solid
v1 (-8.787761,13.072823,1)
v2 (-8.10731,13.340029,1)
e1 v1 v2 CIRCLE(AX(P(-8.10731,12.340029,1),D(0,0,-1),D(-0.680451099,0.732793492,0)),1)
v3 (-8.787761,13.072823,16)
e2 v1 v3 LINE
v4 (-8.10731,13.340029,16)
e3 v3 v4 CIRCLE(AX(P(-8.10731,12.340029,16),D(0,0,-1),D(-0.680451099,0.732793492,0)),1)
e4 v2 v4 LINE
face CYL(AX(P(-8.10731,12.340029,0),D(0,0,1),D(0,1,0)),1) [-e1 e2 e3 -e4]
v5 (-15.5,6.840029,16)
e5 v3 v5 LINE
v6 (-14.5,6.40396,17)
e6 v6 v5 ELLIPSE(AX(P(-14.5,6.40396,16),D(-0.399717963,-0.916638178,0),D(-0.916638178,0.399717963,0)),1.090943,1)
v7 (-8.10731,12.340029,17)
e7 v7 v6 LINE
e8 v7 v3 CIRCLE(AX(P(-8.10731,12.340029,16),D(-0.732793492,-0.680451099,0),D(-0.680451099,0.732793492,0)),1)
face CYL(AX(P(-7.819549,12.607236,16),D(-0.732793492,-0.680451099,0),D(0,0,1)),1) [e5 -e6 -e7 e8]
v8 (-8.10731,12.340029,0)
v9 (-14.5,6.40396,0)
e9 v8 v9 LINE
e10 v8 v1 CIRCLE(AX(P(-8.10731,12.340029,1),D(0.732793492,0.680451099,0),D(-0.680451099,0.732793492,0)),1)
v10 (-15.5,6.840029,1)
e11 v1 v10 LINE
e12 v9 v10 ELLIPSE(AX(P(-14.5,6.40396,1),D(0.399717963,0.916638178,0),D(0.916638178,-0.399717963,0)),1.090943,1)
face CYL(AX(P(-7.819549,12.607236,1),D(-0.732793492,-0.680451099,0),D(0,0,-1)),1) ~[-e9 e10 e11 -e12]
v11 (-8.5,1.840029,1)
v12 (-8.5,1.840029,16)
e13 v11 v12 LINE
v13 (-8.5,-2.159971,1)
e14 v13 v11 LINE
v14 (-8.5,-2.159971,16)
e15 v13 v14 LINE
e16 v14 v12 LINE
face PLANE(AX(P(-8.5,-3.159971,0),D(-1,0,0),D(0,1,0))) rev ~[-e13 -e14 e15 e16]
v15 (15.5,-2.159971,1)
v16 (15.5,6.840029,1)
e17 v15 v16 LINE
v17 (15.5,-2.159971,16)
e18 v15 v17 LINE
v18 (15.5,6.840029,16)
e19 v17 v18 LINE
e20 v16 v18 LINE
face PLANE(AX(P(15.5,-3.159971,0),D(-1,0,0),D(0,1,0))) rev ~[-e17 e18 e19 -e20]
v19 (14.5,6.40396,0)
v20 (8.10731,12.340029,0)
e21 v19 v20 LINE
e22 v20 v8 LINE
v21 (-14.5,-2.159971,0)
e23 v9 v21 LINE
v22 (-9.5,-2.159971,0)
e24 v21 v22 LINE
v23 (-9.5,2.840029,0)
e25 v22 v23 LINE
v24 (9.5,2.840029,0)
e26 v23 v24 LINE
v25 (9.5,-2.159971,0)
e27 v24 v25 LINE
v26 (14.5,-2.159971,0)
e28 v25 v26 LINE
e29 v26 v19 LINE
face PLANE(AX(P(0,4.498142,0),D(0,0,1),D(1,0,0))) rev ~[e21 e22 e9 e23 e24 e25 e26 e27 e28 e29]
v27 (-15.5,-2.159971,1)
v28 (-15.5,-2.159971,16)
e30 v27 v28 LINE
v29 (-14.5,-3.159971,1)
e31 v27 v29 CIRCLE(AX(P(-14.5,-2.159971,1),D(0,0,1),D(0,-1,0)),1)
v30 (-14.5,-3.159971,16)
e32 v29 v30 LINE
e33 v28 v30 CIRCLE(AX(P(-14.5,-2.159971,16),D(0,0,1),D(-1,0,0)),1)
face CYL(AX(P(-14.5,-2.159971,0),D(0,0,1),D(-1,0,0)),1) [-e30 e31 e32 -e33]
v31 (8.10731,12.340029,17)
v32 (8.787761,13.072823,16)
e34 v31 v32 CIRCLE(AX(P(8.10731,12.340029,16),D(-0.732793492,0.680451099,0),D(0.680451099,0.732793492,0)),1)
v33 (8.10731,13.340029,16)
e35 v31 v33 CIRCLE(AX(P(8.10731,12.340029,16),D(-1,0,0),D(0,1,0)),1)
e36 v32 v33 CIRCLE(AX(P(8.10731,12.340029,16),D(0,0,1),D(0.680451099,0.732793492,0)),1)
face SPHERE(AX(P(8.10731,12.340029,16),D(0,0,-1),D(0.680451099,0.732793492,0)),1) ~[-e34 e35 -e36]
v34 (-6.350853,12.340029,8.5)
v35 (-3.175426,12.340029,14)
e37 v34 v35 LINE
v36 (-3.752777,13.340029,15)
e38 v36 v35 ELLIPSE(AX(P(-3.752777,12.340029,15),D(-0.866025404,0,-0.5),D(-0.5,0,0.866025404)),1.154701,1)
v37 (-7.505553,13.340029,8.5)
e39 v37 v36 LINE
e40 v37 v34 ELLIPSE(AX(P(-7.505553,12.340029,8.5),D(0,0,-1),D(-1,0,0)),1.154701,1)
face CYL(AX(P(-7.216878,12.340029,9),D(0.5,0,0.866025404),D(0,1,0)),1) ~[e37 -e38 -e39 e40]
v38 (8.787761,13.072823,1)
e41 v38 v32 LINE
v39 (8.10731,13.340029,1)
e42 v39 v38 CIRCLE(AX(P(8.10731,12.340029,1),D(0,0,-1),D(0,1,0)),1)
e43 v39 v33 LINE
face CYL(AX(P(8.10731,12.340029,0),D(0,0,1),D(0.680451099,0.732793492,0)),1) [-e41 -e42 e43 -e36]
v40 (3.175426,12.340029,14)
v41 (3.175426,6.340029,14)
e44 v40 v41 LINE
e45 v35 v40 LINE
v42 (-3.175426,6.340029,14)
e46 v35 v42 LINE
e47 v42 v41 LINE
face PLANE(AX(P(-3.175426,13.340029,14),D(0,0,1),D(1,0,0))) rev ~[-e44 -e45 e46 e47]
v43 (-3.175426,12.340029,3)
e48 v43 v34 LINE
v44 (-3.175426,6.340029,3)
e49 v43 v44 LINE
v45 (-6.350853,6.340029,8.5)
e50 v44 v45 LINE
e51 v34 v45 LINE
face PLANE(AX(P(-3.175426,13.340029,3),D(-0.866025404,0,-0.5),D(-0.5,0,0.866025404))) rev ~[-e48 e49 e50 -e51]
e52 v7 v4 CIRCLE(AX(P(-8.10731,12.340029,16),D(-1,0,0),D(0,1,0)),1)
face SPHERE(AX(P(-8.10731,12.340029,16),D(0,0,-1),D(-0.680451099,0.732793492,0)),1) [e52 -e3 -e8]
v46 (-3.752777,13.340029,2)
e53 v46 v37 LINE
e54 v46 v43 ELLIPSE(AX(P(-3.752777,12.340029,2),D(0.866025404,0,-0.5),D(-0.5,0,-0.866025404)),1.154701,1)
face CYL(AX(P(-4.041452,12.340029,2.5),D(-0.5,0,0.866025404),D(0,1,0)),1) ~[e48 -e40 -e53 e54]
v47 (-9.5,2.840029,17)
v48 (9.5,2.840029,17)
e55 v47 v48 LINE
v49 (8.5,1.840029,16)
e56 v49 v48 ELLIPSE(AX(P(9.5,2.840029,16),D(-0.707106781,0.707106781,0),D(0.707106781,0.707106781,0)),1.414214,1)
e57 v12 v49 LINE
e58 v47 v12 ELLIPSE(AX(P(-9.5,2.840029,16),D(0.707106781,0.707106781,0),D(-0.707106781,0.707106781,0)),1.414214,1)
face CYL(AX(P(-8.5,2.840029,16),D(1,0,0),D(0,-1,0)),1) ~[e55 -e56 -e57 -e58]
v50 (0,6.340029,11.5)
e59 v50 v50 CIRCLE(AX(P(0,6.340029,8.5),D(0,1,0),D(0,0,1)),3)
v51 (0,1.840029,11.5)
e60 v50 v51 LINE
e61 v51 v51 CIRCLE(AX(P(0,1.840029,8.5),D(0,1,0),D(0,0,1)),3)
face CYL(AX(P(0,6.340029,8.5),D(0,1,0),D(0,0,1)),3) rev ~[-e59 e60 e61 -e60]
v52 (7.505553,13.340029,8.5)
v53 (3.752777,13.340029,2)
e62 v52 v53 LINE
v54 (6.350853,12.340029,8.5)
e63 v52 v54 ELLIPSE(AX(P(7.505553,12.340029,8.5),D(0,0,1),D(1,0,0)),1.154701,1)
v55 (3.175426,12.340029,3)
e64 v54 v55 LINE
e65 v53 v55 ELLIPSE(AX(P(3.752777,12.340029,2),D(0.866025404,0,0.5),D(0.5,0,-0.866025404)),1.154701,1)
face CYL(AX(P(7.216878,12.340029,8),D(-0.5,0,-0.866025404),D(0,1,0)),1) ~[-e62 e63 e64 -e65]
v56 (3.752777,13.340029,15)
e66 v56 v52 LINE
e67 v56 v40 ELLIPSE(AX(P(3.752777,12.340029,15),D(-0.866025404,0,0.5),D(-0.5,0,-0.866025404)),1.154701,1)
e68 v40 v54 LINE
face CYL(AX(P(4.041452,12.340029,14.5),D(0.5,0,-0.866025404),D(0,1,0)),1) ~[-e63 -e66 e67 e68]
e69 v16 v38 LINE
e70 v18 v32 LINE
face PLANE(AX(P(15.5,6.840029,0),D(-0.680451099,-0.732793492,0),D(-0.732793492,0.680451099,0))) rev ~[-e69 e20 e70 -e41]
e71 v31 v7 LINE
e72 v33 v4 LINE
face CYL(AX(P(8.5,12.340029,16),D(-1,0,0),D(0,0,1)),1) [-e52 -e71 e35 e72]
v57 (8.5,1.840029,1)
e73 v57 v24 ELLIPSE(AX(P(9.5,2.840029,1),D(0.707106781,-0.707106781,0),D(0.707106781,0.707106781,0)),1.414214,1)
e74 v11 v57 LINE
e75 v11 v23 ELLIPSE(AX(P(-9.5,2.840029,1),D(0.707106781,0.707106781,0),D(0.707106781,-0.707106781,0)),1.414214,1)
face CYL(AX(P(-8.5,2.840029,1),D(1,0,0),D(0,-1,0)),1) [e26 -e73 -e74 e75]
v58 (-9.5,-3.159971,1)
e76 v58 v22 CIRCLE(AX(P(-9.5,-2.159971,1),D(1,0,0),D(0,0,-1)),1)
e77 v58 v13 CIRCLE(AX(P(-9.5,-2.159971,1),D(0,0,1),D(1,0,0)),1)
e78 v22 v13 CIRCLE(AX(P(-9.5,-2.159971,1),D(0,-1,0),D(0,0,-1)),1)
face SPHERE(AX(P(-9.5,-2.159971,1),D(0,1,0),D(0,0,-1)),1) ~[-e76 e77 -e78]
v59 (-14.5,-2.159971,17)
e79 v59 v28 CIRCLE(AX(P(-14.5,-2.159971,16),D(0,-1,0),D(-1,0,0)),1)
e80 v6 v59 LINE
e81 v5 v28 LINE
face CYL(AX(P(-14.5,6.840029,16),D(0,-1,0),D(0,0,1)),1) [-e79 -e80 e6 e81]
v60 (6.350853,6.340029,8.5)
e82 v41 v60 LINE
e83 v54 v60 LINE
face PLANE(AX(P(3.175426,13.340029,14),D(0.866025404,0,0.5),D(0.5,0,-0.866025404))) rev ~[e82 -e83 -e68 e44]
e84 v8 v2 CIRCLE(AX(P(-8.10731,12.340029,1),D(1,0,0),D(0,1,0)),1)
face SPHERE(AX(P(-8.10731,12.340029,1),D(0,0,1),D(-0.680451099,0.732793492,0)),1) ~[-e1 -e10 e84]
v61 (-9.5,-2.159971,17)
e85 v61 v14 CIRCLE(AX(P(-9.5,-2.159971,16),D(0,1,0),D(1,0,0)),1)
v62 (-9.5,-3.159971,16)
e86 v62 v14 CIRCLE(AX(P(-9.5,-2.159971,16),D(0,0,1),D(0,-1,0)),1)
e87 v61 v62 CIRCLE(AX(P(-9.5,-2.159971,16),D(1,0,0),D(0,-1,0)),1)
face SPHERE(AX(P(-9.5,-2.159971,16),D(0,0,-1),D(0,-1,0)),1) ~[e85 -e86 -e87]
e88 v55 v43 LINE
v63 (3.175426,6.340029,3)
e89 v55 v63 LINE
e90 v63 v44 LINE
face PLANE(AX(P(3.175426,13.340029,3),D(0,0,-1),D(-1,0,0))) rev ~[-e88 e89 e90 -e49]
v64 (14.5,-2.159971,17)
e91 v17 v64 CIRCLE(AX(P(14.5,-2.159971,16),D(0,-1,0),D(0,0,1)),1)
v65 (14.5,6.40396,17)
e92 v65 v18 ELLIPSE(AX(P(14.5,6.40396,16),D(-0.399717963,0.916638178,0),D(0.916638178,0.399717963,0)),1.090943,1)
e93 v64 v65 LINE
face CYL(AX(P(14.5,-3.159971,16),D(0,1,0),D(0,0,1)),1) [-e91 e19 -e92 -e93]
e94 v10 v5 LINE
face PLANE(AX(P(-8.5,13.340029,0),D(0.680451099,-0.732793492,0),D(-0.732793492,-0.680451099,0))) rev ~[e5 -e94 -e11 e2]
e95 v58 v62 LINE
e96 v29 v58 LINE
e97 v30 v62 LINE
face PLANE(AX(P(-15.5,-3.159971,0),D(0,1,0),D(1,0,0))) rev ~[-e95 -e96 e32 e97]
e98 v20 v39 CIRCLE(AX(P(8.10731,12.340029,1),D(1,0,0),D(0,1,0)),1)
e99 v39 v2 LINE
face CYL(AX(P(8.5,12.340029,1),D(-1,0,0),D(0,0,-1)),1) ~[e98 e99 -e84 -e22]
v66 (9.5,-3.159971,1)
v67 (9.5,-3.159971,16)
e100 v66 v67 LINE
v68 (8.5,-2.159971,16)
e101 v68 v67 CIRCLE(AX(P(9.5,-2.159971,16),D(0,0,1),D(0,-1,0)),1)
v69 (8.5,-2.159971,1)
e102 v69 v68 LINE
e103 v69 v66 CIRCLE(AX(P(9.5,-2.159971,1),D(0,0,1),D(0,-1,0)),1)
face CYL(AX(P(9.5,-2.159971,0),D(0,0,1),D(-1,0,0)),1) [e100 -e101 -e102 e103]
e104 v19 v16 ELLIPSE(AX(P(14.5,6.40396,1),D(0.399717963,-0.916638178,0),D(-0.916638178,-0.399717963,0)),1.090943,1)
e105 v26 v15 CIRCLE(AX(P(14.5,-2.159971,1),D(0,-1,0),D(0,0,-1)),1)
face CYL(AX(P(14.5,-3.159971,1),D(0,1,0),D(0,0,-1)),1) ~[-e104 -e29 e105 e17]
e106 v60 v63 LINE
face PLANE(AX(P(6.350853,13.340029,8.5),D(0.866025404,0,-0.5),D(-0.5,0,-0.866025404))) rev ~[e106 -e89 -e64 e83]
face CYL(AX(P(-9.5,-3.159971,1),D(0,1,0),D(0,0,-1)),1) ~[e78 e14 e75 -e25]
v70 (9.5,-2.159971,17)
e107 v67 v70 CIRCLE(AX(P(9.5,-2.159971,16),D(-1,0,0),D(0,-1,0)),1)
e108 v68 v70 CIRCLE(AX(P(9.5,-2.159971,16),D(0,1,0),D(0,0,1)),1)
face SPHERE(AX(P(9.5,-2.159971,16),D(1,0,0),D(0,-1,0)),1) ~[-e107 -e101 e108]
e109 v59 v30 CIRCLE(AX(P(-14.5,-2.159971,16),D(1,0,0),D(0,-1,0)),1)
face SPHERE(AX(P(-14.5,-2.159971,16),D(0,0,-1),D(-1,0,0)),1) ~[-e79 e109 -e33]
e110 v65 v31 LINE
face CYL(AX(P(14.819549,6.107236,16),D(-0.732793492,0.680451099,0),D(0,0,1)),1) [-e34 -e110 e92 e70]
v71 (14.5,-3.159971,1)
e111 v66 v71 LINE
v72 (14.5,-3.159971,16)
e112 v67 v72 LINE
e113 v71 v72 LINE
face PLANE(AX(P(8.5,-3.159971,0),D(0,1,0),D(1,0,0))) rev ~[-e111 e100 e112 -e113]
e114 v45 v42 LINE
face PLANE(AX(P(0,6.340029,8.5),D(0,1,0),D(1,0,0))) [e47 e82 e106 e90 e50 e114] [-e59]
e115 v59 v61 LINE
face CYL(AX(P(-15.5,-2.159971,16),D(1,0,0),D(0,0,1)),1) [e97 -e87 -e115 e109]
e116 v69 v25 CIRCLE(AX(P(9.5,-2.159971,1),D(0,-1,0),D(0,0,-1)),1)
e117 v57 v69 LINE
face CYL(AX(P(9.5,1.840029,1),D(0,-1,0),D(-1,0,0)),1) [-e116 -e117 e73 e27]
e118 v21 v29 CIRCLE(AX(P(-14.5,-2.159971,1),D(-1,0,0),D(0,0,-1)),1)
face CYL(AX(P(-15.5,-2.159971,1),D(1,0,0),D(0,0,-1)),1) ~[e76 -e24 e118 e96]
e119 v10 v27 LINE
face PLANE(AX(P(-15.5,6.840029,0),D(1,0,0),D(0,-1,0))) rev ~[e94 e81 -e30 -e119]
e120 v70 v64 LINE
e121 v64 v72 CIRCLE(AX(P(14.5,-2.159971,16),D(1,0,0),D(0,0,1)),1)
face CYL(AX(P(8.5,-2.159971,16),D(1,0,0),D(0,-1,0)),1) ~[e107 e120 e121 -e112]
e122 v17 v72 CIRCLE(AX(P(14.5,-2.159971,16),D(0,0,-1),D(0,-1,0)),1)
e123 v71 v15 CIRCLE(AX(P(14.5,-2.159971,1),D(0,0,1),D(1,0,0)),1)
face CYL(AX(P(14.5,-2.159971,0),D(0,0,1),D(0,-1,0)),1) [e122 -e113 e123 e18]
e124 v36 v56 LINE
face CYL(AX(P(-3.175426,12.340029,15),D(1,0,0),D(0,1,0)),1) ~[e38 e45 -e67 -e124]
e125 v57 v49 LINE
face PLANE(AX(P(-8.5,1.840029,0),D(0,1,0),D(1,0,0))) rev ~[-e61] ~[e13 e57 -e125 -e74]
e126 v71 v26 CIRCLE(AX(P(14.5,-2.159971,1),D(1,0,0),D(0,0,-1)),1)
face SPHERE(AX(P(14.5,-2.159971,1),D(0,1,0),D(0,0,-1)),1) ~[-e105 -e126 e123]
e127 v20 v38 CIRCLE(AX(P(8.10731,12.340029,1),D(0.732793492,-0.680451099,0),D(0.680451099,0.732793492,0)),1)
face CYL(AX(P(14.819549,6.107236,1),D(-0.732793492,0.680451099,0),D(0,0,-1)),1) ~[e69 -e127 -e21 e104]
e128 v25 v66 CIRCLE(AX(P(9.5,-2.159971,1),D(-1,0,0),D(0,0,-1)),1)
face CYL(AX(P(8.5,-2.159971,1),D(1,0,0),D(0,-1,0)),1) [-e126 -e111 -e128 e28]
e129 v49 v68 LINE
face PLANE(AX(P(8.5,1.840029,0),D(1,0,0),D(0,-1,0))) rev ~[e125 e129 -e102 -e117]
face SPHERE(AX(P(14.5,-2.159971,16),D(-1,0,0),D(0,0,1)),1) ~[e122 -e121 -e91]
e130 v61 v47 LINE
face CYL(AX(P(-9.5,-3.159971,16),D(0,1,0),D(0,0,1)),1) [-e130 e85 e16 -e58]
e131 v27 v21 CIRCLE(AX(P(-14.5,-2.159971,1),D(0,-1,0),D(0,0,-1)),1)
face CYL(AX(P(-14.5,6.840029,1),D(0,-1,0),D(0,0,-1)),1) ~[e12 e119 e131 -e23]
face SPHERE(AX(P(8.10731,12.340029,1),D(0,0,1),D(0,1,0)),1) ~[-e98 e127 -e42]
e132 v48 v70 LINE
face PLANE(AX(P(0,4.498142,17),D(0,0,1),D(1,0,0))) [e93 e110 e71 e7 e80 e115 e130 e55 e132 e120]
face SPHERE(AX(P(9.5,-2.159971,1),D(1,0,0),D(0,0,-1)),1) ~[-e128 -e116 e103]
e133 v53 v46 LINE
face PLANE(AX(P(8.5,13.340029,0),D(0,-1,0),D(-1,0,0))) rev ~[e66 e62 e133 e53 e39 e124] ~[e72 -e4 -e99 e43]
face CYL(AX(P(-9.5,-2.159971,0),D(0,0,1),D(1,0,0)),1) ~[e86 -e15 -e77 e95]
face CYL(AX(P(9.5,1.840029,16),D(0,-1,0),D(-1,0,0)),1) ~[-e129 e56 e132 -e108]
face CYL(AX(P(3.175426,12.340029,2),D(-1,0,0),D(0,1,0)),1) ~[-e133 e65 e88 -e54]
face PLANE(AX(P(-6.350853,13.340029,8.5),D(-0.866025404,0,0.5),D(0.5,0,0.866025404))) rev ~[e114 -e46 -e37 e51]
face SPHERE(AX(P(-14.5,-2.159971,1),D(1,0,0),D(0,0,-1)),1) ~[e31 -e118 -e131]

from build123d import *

# Parameters (mm, degrees)
BOSS_EXTRU_1_DEPTH      = 17
ENL_V_MAT_EXTRU_1_DEPTH = 7
ESQUISSE3_R             = 3
ENL_V_MAT_EXTRU_2_DEPTH = 5
CONG_1_R                = 1


with BuildPart() as part:
    # Esquisse1 → Boss.-Extru.1 (new body)
    with BuildSketch(Plane.XY):
        Polygon((-3, 1.840029022), (3, 1.840029022), (8.5, 1.840029022), (8.5, -3.159970978), (15.5, -3.159970978), (15.5, 6.840029022), (8.5, 13.340029022), (-8.5, 13.340029022), (-15.5, 6.840029022), (-15.5, -3.159970978), (-8.5, -3.159970978), (-8.5, 1.840029022), align=None)
    extrude(amount=BOSS_EXTRU_1_DEPTH)

    # Esquisse2 → Enlèv. mat.-Extru.1 (cut)
    with BuildSketch(Plane(origin=(0, 13.340029022, 0), x_dir=(1, 0, 0), z_dir=(0, 1, 0))):
        Polygon((6.350852961, -8.5), (3.175426481, -3), (-3.175426481, -3), (-6.350852961, -8.5), (-3.175426481, -14), (3.175426481, -14), align=None)
    extrude(amount=-ENL_V_MAT_EXTRU_1_DEPTH, mode=Mode.SUBTRACT)

    # Esquisse3 → Enlèv. mat.-Extru.2 (cut)
    with BuildSketch(Plane(origin=(0, 6.340029022, 0), x_dir=(1, 0, 0), z_dir=(0, 1, 0))):
        with Locations(Location((0, -8.5, 0), (0, 0, 270))):
            Circle(ESQUISSE3_R)
    extrude(amount=-ENL_V_MAT_EXTRU_2_DEPTH, mode=Mode.SUBTRACT)

    # Congé1
    cong_1_edges = [part.edges().sort_by_distance(p)[0] for p in [
        (12, -3.159970978, 17),
        (0, 1.840029022, 0),
        (-8.5, -0.659970978, 0),
        (-12, -3.159970978, 0),
        (-15.5, 1.840029022, 0),
        (-12, 10.090029022, 0),
        (15.5, 1.840029022, 17),
        (0, 13.340029022, 0),
        (12, 10.090029022, 0),
        (15.5, 1.840029022, 0),
        (12, -3.159970978, 0),
        (8.5, -0.659970978, 0),
        (12, 10.090029022, 17),
        (0, 13.340029022, 17),
        (-8.5, -3.159970978, 8.5),
        (-15.5, -3.159970978, 8.5),
        (-8.5, 13.340029022, 8.5),
        (8.5, 13.340029022, 8.5),
        (15.5, -3.159970978, 8.5),
        (8.5, -3.159970978, 8.5),
        (-12, 10.090029022, 17),
        (-15.5, 1.840029022, 17),
        (-12, -3.159970978, 17),
        (-8.5, -0.659970978, 17),
        (0, 1.840029022, 17),
        (4.763139721, 13.340029022, 11.25),
        (4.763139721, 13.340029022, 5.75),
        (0, 13.340029022, 3),
        (-4.763139721, 13.340029022, 5.75),
        (-4.763139721, 13.340029022, 11.25),
        (0, 13.340029022, 14),
        (8.5, -0.659970978, 17),
    ]]
    fillet(cong_1_edges, radius=CONG_1_R)


solid = part.part
